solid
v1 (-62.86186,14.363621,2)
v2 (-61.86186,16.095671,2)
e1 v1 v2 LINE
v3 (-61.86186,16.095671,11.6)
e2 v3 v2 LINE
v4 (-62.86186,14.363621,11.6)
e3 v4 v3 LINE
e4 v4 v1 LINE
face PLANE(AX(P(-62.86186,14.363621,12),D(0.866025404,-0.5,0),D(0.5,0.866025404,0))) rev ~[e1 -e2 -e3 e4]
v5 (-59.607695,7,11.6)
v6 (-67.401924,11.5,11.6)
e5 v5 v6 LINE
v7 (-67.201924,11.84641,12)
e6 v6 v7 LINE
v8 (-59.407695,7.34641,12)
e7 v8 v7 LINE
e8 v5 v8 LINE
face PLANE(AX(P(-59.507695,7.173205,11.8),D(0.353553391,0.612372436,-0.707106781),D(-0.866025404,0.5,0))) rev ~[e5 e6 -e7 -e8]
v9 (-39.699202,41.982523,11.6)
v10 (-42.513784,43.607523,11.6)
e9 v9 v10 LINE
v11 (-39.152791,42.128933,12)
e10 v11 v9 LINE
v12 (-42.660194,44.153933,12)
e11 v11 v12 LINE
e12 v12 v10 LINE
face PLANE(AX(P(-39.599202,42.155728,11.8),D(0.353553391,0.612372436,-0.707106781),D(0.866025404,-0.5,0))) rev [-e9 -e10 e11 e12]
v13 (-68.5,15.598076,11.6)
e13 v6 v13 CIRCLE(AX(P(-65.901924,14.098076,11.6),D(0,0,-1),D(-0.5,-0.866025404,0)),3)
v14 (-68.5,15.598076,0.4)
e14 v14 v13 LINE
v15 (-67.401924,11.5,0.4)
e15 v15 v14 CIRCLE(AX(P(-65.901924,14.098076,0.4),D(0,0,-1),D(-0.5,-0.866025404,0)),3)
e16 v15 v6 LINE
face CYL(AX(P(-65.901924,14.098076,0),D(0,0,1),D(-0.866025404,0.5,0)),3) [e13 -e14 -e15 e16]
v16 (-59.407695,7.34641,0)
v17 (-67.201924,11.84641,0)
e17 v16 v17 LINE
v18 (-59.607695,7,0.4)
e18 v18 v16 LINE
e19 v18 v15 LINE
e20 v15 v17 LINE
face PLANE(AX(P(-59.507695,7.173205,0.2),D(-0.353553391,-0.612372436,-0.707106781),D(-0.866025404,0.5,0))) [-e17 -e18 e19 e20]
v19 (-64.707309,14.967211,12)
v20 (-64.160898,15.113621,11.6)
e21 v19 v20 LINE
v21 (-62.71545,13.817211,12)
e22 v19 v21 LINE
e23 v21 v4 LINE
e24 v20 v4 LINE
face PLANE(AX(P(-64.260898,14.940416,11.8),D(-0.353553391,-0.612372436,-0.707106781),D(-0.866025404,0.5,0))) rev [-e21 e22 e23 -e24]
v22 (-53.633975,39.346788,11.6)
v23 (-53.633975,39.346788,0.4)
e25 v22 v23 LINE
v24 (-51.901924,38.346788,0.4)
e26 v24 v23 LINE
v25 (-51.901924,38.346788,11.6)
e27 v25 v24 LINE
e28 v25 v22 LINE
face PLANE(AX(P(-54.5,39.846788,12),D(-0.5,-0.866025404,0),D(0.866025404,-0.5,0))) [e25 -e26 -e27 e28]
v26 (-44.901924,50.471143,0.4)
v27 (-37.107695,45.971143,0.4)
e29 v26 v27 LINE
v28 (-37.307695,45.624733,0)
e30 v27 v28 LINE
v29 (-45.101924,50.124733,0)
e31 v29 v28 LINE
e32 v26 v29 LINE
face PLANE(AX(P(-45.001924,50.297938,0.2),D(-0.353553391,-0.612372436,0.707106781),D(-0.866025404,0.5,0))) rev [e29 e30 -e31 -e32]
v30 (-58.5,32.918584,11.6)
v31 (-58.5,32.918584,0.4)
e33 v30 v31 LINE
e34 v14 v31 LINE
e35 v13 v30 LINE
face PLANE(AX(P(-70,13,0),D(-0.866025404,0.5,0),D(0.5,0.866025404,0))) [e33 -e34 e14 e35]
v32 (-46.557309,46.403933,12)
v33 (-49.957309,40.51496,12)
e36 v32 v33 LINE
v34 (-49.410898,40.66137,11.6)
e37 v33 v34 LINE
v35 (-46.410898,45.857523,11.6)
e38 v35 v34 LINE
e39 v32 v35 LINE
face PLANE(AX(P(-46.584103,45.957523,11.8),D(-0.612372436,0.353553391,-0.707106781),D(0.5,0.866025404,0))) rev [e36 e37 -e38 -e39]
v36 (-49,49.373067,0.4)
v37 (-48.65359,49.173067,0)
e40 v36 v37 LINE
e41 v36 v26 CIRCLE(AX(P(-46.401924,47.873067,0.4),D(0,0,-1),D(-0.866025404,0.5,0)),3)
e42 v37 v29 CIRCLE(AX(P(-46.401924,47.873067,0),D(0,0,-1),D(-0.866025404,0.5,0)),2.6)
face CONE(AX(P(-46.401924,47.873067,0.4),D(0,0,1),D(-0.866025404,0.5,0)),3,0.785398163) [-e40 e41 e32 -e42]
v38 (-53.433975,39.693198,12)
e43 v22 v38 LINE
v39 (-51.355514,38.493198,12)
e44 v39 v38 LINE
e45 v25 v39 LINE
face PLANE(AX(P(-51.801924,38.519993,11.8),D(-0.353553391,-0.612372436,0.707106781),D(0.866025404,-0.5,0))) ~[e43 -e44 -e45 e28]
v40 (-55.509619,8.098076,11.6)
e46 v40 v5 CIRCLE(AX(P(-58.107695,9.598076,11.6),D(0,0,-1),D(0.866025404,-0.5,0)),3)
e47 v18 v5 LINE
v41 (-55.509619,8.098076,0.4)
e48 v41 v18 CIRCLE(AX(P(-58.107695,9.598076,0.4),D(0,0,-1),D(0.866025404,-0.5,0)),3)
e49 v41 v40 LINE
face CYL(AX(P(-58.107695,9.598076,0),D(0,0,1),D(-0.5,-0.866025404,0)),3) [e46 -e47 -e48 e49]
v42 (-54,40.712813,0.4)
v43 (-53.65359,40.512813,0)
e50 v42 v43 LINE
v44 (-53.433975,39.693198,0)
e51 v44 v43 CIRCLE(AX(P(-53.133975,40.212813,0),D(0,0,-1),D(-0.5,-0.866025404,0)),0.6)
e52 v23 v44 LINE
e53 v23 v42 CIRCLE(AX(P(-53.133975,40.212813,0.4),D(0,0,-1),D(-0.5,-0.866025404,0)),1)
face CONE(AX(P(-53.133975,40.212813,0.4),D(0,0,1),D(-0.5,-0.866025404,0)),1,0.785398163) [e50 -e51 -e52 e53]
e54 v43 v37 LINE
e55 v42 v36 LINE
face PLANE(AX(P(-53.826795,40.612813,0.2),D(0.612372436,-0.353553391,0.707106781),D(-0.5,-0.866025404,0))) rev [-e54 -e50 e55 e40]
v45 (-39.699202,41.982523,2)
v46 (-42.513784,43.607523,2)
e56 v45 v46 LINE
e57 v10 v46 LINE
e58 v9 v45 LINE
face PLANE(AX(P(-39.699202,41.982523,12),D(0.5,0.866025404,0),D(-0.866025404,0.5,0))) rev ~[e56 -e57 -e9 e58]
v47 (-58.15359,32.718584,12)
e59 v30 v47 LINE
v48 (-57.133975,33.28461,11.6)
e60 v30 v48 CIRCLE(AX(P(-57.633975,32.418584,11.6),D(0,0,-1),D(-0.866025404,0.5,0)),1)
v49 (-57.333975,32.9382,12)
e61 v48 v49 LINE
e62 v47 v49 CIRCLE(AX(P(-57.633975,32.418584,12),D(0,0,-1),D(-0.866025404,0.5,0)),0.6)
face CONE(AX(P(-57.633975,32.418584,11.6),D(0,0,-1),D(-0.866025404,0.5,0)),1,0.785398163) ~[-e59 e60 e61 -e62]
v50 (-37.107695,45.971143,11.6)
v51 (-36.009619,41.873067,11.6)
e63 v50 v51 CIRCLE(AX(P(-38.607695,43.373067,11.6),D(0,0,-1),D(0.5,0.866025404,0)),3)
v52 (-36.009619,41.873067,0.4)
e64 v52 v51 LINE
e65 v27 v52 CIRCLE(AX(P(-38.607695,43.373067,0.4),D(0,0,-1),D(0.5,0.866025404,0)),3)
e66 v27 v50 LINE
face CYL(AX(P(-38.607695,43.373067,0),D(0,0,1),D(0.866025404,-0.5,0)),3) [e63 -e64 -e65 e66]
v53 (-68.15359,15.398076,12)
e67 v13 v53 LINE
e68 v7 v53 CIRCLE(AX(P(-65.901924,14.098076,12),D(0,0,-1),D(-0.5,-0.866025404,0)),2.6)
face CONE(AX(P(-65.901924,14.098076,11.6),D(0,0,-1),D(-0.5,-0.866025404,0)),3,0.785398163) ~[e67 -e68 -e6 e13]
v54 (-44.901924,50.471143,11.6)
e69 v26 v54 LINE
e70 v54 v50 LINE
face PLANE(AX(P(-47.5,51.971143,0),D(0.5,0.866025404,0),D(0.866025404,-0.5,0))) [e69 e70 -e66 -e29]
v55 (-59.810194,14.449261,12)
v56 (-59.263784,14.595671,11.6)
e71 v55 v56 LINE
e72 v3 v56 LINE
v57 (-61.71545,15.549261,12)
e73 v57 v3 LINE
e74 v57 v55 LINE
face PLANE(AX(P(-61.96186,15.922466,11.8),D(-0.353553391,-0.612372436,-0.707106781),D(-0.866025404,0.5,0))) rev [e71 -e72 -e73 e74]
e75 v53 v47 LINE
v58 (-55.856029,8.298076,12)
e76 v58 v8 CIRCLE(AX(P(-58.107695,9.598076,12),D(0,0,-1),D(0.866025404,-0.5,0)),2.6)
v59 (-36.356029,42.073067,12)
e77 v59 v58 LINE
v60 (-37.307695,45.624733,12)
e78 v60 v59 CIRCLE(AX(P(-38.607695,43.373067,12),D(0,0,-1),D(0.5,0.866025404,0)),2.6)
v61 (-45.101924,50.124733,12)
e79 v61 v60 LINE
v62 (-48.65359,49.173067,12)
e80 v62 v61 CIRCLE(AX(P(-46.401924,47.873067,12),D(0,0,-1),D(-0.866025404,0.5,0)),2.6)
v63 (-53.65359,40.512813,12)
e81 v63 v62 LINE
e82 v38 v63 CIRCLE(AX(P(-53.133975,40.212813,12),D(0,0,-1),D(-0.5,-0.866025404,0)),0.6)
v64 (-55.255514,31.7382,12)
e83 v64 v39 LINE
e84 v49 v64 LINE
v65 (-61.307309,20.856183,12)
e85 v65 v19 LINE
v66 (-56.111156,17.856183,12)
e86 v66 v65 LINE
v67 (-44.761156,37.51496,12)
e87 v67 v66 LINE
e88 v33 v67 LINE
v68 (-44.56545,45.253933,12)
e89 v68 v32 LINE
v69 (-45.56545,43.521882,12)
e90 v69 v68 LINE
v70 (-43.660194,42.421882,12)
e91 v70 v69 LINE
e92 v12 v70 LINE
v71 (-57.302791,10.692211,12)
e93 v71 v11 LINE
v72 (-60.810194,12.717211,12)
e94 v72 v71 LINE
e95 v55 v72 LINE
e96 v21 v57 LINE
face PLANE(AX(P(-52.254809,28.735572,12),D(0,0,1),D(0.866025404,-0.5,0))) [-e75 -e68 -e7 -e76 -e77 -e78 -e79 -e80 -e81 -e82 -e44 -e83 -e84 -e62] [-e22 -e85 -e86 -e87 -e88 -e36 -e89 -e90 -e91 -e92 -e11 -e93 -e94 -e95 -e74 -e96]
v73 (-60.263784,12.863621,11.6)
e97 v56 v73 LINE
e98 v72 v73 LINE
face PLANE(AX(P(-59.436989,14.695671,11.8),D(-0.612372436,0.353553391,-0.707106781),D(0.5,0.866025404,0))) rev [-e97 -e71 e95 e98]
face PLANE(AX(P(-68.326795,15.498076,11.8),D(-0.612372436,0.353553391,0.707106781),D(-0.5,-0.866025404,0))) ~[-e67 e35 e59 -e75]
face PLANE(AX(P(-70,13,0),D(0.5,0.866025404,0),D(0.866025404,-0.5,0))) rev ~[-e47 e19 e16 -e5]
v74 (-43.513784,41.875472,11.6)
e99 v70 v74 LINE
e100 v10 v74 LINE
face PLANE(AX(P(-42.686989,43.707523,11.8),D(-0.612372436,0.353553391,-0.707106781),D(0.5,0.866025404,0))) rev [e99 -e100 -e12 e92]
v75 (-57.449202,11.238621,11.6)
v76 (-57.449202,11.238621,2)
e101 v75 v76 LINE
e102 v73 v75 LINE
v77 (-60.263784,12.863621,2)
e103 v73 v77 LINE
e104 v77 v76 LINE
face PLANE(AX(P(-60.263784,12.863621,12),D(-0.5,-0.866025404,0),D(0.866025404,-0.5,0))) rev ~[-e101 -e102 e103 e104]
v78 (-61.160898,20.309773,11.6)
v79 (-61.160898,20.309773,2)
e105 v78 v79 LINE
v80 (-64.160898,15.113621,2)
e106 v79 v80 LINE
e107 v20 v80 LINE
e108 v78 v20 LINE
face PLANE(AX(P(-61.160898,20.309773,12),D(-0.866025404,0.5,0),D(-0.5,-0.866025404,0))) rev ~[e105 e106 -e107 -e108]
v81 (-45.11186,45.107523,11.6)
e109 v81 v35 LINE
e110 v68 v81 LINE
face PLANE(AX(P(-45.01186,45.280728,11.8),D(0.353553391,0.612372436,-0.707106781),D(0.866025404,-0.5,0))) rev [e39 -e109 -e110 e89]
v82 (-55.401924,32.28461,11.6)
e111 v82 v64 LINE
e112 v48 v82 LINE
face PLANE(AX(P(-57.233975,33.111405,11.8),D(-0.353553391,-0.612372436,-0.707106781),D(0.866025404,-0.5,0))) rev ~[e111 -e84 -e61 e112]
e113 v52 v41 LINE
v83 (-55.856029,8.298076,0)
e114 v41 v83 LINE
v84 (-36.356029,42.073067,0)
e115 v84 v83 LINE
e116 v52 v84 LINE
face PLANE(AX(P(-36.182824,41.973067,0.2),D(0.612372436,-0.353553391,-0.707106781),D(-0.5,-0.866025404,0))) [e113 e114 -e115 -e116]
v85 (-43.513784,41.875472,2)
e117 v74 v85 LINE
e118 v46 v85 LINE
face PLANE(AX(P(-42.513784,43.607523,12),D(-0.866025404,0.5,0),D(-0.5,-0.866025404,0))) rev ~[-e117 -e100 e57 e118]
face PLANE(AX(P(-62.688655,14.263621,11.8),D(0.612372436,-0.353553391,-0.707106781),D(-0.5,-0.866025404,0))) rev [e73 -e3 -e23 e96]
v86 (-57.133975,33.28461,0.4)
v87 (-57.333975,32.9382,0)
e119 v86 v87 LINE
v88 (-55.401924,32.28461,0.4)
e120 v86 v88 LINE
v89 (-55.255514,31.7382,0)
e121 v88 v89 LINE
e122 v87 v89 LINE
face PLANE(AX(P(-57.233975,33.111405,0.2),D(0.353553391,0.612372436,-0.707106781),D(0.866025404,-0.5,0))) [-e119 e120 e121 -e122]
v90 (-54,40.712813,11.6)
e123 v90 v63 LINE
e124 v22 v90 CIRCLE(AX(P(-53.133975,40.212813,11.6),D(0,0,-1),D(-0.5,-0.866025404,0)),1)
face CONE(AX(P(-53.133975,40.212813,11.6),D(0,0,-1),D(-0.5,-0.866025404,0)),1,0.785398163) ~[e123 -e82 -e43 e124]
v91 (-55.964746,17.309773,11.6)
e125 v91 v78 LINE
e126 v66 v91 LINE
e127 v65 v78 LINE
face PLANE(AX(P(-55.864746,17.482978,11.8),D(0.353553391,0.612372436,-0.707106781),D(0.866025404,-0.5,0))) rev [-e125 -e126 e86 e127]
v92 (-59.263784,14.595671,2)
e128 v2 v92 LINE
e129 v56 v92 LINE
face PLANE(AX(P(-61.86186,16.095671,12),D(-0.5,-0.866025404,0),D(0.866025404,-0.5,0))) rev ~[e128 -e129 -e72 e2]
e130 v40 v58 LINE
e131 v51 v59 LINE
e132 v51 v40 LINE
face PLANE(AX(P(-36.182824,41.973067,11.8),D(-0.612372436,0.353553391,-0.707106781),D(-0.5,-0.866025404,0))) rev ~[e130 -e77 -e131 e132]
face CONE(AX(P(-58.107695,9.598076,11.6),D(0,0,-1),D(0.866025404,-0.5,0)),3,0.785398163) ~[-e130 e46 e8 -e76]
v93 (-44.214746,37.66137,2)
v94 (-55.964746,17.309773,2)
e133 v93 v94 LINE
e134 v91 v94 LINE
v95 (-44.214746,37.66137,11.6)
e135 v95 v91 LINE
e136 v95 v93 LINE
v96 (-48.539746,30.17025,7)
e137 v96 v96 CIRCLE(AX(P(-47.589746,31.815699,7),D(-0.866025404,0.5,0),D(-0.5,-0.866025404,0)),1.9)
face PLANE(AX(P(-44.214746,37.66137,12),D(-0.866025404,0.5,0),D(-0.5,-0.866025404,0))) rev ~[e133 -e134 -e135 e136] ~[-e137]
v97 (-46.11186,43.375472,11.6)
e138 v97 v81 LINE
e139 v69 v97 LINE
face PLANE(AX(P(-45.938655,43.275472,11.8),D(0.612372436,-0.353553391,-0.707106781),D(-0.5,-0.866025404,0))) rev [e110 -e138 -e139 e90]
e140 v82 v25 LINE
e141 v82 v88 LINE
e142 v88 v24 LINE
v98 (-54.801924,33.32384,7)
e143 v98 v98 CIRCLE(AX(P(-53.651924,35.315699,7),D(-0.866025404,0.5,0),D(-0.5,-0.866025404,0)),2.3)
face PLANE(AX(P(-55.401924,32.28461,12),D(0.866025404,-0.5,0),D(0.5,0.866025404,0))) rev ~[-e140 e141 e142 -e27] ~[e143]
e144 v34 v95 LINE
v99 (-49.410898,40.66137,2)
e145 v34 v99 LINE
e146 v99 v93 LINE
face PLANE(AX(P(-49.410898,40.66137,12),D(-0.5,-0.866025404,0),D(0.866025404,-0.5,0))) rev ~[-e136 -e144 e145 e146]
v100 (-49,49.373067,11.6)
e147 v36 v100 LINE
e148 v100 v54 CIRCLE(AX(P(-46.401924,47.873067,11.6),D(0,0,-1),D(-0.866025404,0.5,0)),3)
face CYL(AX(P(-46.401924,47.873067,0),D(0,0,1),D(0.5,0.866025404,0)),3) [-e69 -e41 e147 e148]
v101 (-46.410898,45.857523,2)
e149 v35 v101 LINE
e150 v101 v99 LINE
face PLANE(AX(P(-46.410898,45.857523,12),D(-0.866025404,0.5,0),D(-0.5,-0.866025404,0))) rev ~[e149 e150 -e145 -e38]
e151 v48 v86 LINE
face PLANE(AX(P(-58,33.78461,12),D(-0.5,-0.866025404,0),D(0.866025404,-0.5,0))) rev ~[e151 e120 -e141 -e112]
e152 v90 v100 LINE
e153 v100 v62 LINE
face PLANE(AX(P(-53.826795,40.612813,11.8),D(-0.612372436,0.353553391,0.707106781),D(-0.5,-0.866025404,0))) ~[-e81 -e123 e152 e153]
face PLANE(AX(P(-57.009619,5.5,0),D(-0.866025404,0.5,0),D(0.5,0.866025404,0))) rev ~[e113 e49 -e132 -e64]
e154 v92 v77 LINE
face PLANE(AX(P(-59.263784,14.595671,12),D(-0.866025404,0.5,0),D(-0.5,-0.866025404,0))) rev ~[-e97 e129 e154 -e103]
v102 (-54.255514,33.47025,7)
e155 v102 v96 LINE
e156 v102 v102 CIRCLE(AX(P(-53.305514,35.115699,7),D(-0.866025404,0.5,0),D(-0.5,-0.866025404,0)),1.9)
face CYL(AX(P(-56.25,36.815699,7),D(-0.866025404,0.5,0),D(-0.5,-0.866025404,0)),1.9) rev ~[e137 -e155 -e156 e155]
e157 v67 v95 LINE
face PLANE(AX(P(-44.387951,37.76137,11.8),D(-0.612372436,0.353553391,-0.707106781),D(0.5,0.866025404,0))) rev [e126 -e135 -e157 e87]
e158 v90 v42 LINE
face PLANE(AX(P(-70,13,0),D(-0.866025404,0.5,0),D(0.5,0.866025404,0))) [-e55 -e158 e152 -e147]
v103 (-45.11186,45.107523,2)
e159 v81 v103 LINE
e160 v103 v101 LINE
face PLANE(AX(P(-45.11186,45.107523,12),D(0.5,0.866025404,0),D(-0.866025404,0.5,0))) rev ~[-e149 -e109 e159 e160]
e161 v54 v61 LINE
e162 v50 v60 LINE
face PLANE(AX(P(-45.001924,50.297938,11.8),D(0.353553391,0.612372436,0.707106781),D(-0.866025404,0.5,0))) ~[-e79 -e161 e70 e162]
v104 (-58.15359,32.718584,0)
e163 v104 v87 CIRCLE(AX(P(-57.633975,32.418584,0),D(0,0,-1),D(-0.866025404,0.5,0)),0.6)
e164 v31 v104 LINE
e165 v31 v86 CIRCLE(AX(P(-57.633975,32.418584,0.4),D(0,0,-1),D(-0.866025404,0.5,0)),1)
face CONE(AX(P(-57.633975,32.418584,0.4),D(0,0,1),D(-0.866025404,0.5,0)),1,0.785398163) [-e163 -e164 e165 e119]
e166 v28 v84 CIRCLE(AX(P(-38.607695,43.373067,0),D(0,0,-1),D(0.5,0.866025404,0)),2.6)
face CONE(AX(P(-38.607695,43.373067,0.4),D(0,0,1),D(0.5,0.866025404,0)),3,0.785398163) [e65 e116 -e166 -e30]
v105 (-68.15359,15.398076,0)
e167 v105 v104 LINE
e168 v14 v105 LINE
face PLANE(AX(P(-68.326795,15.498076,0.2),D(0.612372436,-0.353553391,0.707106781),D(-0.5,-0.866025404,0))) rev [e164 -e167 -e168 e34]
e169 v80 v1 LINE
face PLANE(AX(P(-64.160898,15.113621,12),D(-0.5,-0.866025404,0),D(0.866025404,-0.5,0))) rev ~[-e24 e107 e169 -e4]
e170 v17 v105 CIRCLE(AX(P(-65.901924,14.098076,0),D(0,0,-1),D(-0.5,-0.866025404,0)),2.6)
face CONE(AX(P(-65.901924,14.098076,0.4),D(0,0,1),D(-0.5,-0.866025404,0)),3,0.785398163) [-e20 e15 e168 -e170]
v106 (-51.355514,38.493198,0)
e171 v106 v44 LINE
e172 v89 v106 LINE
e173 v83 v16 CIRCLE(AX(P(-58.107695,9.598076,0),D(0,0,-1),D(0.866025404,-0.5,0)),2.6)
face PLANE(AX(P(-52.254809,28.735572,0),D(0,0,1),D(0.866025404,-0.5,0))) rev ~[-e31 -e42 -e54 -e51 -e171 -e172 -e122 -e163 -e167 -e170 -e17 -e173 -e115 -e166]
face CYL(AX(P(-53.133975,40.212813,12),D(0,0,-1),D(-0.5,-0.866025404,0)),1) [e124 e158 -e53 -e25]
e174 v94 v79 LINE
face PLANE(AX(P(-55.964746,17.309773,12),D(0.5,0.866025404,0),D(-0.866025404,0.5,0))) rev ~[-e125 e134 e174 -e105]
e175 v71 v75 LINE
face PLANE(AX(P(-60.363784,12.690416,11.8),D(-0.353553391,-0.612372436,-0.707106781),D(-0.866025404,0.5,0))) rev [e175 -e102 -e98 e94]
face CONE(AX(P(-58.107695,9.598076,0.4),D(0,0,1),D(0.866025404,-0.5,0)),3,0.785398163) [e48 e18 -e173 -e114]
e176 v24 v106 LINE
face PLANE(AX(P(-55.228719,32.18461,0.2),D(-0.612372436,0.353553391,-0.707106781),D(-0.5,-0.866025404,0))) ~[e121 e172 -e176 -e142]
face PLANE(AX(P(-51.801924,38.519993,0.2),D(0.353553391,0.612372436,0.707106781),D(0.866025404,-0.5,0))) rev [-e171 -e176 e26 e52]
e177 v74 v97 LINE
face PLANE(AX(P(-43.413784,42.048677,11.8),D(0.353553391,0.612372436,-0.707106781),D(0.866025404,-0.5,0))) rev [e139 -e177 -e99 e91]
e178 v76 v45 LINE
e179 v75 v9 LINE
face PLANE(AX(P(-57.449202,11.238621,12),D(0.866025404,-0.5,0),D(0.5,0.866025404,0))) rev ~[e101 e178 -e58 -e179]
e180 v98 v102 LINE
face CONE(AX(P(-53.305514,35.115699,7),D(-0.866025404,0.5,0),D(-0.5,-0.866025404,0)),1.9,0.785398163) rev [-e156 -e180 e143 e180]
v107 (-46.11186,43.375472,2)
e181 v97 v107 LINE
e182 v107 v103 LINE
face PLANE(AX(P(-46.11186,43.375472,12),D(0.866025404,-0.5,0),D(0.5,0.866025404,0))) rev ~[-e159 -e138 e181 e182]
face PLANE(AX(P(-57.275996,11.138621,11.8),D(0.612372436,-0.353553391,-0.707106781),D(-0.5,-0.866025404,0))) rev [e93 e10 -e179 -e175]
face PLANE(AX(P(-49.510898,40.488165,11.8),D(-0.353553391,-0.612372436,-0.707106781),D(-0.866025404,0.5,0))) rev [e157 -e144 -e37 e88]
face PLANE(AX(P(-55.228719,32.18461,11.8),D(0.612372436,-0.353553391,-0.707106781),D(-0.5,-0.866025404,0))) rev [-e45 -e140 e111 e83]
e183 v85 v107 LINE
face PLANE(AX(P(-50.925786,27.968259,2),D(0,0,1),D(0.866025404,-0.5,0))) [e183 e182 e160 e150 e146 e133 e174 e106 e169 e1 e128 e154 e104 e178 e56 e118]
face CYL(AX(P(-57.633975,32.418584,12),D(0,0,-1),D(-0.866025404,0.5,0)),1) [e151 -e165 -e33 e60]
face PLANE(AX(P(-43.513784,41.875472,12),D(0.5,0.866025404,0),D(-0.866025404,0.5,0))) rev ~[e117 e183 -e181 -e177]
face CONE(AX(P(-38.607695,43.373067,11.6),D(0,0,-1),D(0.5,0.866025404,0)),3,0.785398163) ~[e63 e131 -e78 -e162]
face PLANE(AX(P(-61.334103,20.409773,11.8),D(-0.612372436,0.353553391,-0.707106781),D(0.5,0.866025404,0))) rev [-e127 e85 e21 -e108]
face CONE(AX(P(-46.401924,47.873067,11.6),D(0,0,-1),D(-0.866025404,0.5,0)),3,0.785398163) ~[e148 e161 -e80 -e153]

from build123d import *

# Parameters (mm, degrees)
SKETCH003_W             = 15
SKETCH003_H             = 45
PAD001_DEPTH            = 12
POCKET002_DEPTH         = 10
SKETCH005_R             = 1.9
POCKET003_DEPTH         = 10
SKETCH015_W             = 3
SKETCH015_H             = 7
POCKET006_DEPTH         = 12.001
FILLET004_R             = 1
FILLET005_R             = 3
CHAMFER009_SIZE         = 0.4
BODY001_PLACEMENT_ANGLE = 30


with BuildPart() as part:
    # Sketch003 → Pad001 (new body)
    with BuildSketch(Plane.XY):
        with Locations((7.5, 22.5)):
            Rectangle(SKETCH003_W, SKETCH003_H)
    extrude(amount=PAD001_DEPTH)

    # Sketch004 (on Face6 of Pad001) → Pocket002 (cut)
    with BuildSketch(Plane.XY.offset(12)):
        Polygon((4, 4.75), (5.5, 4.75), (5.5, 6.75), (8.5, 6.75), (8.5, 4.75), (11.75, 4.75), (11.75, 40.25), (8.5, 40.25), (8.5, 38.25), (5.5, 38.25), (5.5, 40.25), (4, 40.25), (4, 34.25), (10, 34.25), (10, 10.75), (4, 10.75), align=None)
    extrude(amount=-POCKET002_DEPTH, mode=Mode.SUBTRACT)

    # Sketch005 (on Face2 of Pocket002) → Pocket003 (cut)
    with BuildSketch(Plane(origin=(0, 0, 0), x_dir=(0, -1, 0), z_dir=(-1, 0, 0))):
        with Locations((-27.5, 7)):
            Circle(SKETCH005_R)
    extrude(amount=-POCKET003_DEPTH, mode=Mode.SUBTRACT)

    # Sketch015 (on Face5 of Pocket003) → Pocket006 (cut, through all)
    with BuildSketch(Plane.XY.offset(12)):
        with Locations((1.5, 27.5)):
            Rectangle(SKETCH015_W, SKETCH015_H)
    extrude(amount=-POCKET006_DEPTH, mode=Mode.SUBTRACT)

    # Fillet004
    fillet004_edges = [part.edges().sort_by_distance(p)[0] for p in [
        (0, 31, 6),
        (0, 24, 6),
    ]]
    fillet(fillet004_edges, radius=FILLET004_R)

    # Fillet005
    fillet005_edges = [part.edges().sort_by_distance(p)[0] for p in [
        (15, 0, 6),
        (0, 0, 6),
        (15, 45, 6),
        (0, 45, 6),
    ]]
    fillet(fillet005_edges, radius=FILLET005_R)

    # Chamfer009
    chamfer009_edges = [part.edges().sort_by_distance(p)[0] for p in [
        (0, 13, 12),
        (0.87868, 0.87868, 12),
        (0.292893, 23.707107, 12),
        (7.5, 0, 12),
        (2, 24, 12),
        (14.12132, 0.87868, 12),
        (3, 27.5, 12),
        (15, 22.5, 12),
        (2, 31, 12),
        (14.12132, 44.12132, 12),
        (0.292893, 31.292893, 12),
        (7.5, 45, 12),
        (0, 37, 12),
        (0.87868, 44.12132, 12),
        (4.75, 4.75, 12),
        (4, 7.75, 12),
        (5.5, 5.75, 12),
        (7, 10.75, 12),
        (7, 6.75, 12),
        (10, 22.5, 12),
        (8.5, 5.75, 12),
        (7, 34.25, 12),
        (10.125, 4.75, 12),
        (4, 37.25, 12),
        (11.75, 22.5, 12),
        (4.75, 40.25, 12),
        (10.125, 40.25, 12),
        (5.5, 39.25, 12),
        (8.5, 39.25, 12),
        (7, 38.25, 12),
        (0, 13, 0),
        (0.87868, 0.87868, 0),
        (0.292893, 23.707107, 0),
        (7.5, 0, 0),
        (2, 24, 0),
        (14.12132, 0.87868, 0),
        (3, 27.5, 0),
        (15, 22.5, 0),
        (2, 31, 0),
        (14.12132, 44.12132, 0),
        (0.292893, 31.292893, 0),
        (7.5, 45, 0),
        (0, 37, 0),
        (0.87868, 44.12132, 0),
        (3, 29.4, 7),
    ]]
    chamfer(chamfer009_edges, length=CHAMFER009_SIZE)


with BuildPart() as part_1:
    # Body001 placement: moved
    add(part.part.moved(Location((-70, 13, 0))).rotate(Axis((-70, 13, 0), (0, 0, -1)), BODY001_PLACEMENT_ANGLE))


solid = part_1.part
